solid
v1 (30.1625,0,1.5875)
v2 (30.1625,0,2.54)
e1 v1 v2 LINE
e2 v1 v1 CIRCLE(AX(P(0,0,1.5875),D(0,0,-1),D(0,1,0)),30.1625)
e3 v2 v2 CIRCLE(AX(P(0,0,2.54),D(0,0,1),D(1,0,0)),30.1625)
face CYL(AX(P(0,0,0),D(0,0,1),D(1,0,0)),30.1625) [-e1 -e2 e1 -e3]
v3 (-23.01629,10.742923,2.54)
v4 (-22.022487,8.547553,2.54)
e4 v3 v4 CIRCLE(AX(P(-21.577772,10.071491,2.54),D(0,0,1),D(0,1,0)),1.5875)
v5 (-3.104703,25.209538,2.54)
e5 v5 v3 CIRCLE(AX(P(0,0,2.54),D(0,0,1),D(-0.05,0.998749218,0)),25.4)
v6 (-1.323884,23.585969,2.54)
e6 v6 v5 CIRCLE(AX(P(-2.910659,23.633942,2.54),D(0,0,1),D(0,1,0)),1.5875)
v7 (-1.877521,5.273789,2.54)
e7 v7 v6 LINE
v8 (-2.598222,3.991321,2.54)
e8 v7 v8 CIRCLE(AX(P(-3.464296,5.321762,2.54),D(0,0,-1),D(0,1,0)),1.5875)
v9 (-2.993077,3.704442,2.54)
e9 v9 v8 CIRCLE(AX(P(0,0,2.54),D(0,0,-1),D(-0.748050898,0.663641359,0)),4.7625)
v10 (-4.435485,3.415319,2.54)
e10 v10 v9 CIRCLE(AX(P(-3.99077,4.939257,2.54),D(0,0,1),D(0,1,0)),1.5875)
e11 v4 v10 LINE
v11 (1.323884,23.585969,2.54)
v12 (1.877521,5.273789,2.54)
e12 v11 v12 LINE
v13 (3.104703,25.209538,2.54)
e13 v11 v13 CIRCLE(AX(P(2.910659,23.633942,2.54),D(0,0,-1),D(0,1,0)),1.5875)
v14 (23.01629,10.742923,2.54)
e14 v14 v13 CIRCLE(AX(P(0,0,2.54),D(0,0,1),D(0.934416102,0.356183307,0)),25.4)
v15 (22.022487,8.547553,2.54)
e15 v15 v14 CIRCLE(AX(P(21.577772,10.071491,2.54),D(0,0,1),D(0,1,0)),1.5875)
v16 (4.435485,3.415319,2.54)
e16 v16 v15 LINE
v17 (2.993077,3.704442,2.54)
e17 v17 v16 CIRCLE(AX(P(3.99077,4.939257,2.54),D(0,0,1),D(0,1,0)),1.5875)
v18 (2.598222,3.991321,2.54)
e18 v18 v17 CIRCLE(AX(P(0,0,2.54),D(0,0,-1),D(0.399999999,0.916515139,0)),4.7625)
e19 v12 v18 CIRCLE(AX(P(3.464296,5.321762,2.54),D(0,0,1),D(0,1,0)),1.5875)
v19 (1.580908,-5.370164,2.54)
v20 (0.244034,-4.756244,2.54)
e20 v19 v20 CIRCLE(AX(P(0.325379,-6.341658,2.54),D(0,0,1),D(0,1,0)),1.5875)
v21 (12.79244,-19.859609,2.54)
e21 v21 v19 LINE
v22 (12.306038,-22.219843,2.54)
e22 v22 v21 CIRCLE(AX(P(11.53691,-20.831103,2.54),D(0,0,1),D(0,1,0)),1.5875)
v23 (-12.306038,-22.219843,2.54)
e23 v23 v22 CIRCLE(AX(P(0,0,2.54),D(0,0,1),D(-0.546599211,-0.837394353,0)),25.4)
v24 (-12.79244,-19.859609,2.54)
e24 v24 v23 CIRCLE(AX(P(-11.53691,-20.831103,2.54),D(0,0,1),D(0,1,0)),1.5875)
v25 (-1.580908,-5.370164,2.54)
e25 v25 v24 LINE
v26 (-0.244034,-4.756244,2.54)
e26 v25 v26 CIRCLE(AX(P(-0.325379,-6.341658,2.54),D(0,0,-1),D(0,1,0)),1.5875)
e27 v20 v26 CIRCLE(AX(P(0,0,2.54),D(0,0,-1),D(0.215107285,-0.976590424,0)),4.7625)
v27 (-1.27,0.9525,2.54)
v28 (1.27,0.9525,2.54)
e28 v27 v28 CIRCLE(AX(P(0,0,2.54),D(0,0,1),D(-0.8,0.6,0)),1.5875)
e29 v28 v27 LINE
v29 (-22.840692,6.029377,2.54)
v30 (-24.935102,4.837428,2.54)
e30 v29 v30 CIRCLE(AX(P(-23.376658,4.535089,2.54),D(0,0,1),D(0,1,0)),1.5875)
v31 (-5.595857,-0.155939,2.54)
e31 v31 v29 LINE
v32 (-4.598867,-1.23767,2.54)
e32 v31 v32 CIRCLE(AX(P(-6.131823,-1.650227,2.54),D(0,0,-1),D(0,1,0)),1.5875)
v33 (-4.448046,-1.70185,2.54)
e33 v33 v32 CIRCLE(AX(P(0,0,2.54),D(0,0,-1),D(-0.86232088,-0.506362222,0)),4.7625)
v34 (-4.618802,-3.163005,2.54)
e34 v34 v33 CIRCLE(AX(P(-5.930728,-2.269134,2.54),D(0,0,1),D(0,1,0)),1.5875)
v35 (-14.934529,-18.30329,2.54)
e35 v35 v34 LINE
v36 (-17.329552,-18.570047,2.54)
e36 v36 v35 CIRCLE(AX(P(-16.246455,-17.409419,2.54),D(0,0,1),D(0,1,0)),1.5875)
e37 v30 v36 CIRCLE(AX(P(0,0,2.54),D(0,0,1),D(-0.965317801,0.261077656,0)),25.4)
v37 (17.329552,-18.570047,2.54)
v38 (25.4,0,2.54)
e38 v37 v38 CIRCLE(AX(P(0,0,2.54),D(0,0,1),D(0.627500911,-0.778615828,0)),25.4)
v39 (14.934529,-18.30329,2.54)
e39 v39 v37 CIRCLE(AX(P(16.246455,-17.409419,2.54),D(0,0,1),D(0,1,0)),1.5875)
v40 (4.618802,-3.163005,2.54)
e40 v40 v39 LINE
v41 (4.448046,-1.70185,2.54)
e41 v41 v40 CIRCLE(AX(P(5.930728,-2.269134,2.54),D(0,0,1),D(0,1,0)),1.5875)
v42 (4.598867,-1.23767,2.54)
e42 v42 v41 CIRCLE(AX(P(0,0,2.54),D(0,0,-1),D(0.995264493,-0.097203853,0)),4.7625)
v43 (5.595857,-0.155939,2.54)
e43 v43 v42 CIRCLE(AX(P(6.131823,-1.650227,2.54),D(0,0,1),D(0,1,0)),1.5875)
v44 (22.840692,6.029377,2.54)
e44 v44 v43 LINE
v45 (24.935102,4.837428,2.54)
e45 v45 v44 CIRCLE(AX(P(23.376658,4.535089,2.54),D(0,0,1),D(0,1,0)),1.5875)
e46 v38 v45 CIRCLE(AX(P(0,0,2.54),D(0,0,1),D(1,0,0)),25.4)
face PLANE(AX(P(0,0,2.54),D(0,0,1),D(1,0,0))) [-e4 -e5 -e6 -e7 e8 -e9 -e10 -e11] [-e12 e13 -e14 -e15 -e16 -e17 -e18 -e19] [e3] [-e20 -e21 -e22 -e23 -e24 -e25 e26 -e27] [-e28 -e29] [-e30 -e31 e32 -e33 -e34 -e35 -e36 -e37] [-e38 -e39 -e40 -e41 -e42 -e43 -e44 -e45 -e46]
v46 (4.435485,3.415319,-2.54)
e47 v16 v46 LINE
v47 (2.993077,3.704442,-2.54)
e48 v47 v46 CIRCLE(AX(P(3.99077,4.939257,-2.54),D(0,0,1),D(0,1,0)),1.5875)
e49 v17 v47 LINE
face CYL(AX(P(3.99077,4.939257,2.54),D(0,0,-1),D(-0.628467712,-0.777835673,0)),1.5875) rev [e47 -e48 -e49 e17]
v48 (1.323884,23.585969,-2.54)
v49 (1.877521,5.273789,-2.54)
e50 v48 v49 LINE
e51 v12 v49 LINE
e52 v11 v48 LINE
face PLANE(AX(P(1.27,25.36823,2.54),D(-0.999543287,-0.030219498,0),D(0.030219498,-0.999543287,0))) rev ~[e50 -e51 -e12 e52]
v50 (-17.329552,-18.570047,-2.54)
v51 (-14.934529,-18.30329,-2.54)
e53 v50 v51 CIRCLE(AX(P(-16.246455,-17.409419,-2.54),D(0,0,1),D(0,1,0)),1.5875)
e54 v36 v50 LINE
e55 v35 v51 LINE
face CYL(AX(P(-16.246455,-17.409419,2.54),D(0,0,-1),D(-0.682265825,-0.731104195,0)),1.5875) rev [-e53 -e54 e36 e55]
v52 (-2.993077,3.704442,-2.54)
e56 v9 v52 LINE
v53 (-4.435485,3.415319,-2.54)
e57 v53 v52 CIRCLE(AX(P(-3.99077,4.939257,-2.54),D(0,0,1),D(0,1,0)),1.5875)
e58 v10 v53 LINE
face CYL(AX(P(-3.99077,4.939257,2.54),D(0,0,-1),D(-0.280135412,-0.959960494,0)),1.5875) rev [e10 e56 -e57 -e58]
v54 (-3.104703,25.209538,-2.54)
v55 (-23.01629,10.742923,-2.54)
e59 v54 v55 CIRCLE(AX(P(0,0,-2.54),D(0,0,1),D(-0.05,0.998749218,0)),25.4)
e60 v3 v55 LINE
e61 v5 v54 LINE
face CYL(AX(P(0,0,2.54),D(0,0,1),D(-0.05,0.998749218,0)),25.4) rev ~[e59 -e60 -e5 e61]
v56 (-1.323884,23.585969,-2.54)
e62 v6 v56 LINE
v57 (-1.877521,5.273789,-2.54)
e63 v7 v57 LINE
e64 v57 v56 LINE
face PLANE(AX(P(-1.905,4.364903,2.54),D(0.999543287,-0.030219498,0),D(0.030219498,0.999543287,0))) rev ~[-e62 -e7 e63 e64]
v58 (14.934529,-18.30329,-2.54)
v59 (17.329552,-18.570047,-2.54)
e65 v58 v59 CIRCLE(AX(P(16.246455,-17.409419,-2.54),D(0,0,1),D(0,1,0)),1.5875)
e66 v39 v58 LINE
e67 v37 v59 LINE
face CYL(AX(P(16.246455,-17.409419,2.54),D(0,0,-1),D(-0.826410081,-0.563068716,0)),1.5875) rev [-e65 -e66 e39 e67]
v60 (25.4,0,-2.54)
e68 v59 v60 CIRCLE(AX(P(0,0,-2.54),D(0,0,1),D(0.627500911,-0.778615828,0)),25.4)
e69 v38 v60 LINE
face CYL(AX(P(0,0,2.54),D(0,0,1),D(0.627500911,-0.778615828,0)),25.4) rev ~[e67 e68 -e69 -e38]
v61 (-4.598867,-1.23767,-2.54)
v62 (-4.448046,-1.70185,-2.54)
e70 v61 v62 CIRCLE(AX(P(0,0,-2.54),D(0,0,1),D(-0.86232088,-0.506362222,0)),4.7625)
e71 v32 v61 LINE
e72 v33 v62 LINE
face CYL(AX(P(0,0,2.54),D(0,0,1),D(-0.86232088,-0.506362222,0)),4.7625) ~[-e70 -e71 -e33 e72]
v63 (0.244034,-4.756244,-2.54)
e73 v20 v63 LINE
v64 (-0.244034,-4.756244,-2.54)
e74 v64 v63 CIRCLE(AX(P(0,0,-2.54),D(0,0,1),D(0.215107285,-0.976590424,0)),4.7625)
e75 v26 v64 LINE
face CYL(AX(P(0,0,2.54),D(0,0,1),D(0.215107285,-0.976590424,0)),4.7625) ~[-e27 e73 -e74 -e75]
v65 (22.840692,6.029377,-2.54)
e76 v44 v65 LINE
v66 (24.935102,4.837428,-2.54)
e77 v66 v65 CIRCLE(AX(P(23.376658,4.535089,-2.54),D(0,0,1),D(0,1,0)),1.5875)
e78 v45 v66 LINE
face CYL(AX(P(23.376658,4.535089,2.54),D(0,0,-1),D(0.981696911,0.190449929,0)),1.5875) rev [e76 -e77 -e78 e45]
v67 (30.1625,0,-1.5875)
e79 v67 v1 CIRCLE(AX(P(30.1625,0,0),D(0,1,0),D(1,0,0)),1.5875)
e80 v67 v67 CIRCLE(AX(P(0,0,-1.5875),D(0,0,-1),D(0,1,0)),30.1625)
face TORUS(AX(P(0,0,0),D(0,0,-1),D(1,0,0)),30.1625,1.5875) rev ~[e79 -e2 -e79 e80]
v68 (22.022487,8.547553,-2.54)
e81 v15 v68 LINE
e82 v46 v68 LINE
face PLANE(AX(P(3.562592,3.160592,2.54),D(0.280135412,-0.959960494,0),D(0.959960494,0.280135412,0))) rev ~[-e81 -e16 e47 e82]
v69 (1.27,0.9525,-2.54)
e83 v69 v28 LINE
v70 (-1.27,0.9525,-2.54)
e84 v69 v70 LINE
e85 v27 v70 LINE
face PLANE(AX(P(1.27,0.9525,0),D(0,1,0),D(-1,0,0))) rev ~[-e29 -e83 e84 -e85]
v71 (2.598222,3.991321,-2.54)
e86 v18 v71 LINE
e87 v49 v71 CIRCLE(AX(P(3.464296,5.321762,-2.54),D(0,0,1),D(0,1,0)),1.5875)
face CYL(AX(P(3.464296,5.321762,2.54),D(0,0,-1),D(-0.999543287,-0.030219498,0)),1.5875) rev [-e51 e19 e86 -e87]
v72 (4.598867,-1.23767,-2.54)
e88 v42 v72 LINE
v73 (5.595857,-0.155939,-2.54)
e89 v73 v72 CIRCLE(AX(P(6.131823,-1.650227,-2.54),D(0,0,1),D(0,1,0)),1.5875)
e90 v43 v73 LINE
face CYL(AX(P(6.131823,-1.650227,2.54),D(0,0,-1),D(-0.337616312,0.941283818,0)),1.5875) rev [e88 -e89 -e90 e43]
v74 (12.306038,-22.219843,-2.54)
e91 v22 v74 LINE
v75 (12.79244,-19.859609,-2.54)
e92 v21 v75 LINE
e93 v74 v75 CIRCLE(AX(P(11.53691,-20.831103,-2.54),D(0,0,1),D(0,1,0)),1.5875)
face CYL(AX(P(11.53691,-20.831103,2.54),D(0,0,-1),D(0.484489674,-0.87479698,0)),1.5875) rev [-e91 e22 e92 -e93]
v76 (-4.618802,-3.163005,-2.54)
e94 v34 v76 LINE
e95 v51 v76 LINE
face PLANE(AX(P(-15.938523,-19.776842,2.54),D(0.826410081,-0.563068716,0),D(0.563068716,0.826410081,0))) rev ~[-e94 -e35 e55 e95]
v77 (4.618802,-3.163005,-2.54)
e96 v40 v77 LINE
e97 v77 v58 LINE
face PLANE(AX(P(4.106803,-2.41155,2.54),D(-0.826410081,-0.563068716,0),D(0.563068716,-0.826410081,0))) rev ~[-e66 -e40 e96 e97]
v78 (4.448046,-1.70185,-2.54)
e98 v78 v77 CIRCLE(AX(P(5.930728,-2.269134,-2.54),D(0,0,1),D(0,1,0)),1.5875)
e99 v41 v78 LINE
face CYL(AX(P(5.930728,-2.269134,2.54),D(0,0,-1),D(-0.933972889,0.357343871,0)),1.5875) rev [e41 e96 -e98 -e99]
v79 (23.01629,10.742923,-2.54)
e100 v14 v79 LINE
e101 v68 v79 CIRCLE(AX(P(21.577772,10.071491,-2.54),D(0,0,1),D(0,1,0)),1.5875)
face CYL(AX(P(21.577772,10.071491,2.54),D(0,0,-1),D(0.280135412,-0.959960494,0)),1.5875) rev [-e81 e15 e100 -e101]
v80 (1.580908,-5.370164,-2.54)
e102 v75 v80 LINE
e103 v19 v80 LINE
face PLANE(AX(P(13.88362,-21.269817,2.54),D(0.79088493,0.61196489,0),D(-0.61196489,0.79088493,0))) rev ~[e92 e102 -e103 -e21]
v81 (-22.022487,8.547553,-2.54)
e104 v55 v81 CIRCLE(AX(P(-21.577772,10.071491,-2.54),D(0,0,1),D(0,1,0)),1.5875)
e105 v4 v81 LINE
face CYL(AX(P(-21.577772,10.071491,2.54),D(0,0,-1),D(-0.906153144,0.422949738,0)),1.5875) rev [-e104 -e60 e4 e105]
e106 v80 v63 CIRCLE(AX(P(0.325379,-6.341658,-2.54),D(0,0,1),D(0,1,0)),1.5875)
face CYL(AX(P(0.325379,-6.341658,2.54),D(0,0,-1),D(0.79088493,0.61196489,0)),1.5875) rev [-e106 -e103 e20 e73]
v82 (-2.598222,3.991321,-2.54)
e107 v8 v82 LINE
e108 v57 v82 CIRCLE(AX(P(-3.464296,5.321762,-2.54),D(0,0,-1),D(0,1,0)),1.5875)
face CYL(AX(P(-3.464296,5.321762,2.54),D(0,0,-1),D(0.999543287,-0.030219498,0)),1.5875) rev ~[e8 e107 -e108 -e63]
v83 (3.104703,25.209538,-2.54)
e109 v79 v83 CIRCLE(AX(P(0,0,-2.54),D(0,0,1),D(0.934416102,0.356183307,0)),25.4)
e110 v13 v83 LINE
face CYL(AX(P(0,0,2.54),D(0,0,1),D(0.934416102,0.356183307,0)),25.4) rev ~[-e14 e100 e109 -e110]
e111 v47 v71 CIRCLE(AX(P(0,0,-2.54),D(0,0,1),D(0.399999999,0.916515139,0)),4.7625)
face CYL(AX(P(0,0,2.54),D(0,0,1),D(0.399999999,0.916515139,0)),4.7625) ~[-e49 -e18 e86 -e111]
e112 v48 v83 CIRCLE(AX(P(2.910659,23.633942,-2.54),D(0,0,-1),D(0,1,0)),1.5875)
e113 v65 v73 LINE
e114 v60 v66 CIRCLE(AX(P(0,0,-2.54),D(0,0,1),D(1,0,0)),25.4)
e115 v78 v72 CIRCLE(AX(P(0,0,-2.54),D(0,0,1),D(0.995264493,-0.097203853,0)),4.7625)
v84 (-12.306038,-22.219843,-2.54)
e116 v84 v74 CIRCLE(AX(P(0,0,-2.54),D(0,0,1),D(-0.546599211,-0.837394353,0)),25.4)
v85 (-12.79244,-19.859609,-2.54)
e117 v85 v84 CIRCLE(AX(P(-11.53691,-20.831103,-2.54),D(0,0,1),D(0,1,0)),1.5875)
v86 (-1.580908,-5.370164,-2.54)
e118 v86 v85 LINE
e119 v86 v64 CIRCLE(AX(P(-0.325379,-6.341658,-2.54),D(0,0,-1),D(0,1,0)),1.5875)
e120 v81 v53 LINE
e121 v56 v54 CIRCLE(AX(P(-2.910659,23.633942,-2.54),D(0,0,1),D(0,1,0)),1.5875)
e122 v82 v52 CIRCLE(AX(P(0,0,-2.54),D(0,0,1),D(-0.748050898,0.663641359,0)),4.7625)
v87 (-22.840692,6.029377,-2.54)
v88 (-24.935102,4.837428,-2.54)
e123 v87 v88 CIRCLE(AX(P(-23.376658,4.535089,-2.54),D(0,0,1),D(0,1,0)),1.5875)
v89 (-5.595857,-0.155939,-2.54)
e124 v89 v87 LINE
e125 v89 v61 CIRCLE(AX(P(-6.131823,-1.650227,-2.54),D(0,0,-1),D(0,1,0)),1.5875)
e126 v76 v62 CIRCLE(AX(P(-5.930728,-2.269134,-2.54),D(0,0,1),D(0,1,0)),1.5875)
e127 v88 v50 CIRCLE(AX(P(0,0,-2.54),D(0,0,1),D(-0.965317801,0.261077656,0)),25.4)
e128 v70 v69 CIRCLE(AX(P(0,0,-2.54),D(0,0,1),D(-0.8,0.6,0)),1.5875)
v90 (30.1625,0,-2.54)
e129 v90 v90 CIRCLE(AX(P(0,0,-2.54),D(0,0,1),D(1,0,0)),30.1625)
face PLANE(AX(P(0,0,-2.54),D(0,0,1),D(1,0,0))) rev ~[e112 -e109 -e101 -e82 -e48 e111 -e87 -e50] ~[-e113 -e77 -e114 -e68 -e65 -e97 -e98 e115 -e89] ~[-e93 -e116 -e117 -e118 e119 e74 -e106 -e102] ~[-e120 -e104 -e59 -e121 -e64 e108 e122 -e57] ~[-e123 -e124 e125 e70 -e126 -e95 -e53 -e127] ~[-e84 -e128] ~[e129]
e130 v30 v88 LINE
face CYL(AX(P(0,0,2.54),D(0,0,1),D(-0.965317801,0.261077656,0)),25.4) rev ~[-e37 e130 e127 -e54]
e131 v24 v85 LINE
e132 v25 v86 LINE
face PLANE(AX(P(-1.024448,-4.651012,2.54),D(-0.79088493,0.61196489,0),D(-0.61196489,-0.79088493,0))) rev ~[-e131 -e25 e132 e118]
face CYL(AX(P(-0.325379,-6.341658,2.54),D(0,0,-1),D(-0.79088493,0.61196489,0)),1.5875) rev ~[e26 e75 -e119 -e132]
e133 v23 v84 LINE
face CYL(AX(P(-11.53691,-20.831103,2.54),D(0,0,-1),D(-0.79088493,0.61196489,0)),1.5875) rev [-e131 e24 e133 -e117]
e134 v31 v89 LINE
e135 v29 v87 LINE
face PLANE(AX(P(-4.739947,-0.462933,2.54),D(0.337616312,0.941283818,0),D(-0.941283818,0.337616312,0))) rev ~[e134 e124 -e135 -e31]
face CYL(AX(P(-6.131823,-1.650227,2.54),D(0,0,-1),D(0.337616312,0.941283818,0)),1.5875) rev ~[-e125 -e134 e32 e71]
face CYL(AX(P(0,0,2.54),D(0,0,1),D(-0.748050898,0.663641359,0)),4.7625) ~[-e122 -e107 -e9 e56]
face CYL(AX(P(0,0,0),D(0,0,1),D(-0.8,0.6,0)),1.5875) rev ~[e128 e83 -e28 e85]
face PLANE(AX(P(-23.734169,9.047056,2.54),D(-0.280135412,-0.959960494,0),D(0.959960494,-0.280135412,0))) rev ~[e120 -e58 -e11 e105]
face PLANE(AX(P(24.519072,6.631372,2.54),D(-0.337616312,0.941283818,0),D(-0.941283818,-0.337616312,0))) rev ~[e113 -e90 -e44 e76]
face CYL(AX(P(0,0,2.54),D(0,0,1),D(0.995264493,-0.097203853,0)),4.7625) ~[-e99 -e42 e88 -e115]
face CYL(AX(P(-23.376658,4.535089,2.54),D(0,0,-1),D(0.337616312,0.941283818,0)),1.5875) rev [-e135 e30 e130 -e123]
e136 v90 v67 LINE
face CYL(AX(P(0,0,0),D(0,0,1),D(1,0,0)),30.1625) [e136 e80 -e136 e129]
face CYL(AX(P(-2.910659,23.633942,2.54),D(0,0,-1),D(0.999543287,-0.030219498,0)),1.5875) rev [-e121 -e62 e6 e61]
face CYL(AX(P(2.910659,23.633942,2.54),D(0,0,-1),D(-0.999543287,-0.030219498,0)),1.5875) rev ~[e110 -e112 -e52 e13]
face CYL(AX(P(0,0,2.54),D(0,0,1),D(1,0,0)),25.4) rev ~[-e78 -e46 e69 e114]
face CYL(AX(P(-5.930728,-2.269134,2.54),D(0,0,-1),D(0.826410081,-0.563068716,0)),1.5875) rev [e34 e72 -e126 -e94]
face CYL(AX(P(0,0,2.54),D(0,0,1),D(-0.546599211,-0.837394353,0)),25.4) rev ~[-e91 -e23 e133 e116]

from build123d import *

# Parameters (mm, degrees)
SKETCH1_R           = 30.1625
BOSS_EXTRUDE1_DEPTH = 2.54
SKETCH2_R           = 1.5875
CUT_EXTRUDE1_DEPTH  = 43.957644401
FILLET1_R           = 1.5875


with BuildPart() as part:
    # Sketch1 → Boss-Extrude1 (new, symmetric)
    with BuildSketch(Plane.XY):
        Circle(SKETCH1_R)
        with BuildLine():
            Line((1.27, 0.9525), (-1.27, 0.9525))
            ThreePointArc((-1.27, 0.9525), (0, -1.5875), (1.27, 0.9525))
        make_face(mode=Mode.SUBTRACT)
    extrude(amount=BOSS_EXTRUDE1_DEPTH, both=True)

    # Sketch2 → Cut-Revolve1 (revolve, cut)
    with BuildSketch(Plane(origin=(0, 0, 0), x_dir=(1, 0, 0), z_dir=(0, 1, 0))):
        with Locations((30.1625, 0)):
            Circle(SKETCH2_R)
    revolve(axis=Axis((0, 0, 0), (0, 0, -1)), mode=Mode.SUBTRACT)

    # Sketch4 → Cut-Extrude1 (cut, through all)
    with BuildSketch(Plane.XY.offset(2.54)):
        with BuildLine():
            ThreePointArc((-3.562592399, 3.160591977), (-2.799327264, 3.852943436), (-1.905, 4.364903349))
            Line((-1.905, 4.364903349), (-1.27, 25.368230131))
            ThreePointArc((-1.27, 25.368230131), (-14.929745408, 20.549031657), (-23.73416899, 9.047056004))
            Line((-23.73416899, 9.047056004), (-3.562592399, 3.160591977))
        make_face()
        with BuildLine():
            Line((1.27, 25.368230131), (1.905, 4.364903349))
            ThreePointArc((1.905, 4.364903349), (2.799327264, 3.852943436), (3.562592399, 3.160591977))
            Line((3.562592399, 3.160591977), (23.73416899, 9.047056004))
            ThreePointArc((23.73416899, 9.047056004), (14.929745408, 20.549031657), (1.27, 25.368230131))
        make_face()
        with BuildLine():
            ThreePointArc((25.4, 0), (25.178804904, 3.344814437), (24.519072156, 6.631372452))
            Line((24.519072156, 6.631372452), (4.739947148, -0.46293335))
            ThreePointArc((4.739947148, -0.46293335), (4.529406659, -1.471693436), (4.106803191, -2.411550083))
            Line((4.106803191, -2.411550083), (15.938523131, -19.776842023))
            ThreePointArc((15.938523131, -19.776842023), (22.912861972, -10.961786179), (25.4, 0))
        make_face()
        with BuildLine():
            ThreePointArc((1.024448442, -4.651011894), (0, -4.7625), (-1.024448442, -4.651011894))
            Line((-1.024448442, -4.651011894), (-13.883619965, -21.269816564))
            ThreePointArc((-13.883619965, -21.269816564), (0, -25.4), (13.883619965, -21.269816564))
            Line((13.883619965, -21.269816564), (1.024448442, -4.651011894))
        make_face()
        with BuildLine():
            ThreePointArc((-4.106803191, -2.411550083), (-4.529406659, -1.471693436), (-4.739947148, -0.46293335))
            Line((-4.739947148, -0.46293335), (-24.519072156, 6.631372452))
            ThreePointArc((-24.519072156, 6.631372452), (-24.156835514, -7.849031657), (-15.938523131, -19.776842023))
            Line((-15.938523131, -19.776842023), (-4.106803191, -2.411550083))
        make_face()
    extrude(amount=-CUT_EXTRUDE1_DEPTH, mode=Mode.SUBTRACT)

    # Fillet1
    fillet1_edges = [part.edges().sort_by_distance(p)[0] for p in [
        (15.938523131, -19.776842023, 0),
        (4.106803191, -2.411550083, 0),
        (4.739947148, -0.46293335, 0),
        (24.519072156, 6.631372452, 0),
        (23.73416899, 9.047056004, 0),
        (3.562592399, 3.160591977, 0),
        (1.905, 4.364903349, 0),
        (1.27, 25.368230131, 0),
        (-24.519072156, 6.631372452, 0),
        (-4.739947148, -0.46293335, 0),
        (-4.106803191, -2.411550083, 0),
        (-15.938523131, -19.776842023, 0),
        (-13.883619965, -21.269816564, 0),
        (-1.024448442, -4.651011894, 0),
        (1.024448442, -4.651011894, 0),
        (13.883619965, -21.269816564, 0),
        (-1.27, 25.368230131, 0),
        (-1.905, 4.364903349, 0),
        (-3.562592399, 3.160591977, 0),
        (-23.73416899, 9.047056004, 0),
    ]]
    fillet(fillet1_edges, radius=FILLET1_R)


solid = part.part
